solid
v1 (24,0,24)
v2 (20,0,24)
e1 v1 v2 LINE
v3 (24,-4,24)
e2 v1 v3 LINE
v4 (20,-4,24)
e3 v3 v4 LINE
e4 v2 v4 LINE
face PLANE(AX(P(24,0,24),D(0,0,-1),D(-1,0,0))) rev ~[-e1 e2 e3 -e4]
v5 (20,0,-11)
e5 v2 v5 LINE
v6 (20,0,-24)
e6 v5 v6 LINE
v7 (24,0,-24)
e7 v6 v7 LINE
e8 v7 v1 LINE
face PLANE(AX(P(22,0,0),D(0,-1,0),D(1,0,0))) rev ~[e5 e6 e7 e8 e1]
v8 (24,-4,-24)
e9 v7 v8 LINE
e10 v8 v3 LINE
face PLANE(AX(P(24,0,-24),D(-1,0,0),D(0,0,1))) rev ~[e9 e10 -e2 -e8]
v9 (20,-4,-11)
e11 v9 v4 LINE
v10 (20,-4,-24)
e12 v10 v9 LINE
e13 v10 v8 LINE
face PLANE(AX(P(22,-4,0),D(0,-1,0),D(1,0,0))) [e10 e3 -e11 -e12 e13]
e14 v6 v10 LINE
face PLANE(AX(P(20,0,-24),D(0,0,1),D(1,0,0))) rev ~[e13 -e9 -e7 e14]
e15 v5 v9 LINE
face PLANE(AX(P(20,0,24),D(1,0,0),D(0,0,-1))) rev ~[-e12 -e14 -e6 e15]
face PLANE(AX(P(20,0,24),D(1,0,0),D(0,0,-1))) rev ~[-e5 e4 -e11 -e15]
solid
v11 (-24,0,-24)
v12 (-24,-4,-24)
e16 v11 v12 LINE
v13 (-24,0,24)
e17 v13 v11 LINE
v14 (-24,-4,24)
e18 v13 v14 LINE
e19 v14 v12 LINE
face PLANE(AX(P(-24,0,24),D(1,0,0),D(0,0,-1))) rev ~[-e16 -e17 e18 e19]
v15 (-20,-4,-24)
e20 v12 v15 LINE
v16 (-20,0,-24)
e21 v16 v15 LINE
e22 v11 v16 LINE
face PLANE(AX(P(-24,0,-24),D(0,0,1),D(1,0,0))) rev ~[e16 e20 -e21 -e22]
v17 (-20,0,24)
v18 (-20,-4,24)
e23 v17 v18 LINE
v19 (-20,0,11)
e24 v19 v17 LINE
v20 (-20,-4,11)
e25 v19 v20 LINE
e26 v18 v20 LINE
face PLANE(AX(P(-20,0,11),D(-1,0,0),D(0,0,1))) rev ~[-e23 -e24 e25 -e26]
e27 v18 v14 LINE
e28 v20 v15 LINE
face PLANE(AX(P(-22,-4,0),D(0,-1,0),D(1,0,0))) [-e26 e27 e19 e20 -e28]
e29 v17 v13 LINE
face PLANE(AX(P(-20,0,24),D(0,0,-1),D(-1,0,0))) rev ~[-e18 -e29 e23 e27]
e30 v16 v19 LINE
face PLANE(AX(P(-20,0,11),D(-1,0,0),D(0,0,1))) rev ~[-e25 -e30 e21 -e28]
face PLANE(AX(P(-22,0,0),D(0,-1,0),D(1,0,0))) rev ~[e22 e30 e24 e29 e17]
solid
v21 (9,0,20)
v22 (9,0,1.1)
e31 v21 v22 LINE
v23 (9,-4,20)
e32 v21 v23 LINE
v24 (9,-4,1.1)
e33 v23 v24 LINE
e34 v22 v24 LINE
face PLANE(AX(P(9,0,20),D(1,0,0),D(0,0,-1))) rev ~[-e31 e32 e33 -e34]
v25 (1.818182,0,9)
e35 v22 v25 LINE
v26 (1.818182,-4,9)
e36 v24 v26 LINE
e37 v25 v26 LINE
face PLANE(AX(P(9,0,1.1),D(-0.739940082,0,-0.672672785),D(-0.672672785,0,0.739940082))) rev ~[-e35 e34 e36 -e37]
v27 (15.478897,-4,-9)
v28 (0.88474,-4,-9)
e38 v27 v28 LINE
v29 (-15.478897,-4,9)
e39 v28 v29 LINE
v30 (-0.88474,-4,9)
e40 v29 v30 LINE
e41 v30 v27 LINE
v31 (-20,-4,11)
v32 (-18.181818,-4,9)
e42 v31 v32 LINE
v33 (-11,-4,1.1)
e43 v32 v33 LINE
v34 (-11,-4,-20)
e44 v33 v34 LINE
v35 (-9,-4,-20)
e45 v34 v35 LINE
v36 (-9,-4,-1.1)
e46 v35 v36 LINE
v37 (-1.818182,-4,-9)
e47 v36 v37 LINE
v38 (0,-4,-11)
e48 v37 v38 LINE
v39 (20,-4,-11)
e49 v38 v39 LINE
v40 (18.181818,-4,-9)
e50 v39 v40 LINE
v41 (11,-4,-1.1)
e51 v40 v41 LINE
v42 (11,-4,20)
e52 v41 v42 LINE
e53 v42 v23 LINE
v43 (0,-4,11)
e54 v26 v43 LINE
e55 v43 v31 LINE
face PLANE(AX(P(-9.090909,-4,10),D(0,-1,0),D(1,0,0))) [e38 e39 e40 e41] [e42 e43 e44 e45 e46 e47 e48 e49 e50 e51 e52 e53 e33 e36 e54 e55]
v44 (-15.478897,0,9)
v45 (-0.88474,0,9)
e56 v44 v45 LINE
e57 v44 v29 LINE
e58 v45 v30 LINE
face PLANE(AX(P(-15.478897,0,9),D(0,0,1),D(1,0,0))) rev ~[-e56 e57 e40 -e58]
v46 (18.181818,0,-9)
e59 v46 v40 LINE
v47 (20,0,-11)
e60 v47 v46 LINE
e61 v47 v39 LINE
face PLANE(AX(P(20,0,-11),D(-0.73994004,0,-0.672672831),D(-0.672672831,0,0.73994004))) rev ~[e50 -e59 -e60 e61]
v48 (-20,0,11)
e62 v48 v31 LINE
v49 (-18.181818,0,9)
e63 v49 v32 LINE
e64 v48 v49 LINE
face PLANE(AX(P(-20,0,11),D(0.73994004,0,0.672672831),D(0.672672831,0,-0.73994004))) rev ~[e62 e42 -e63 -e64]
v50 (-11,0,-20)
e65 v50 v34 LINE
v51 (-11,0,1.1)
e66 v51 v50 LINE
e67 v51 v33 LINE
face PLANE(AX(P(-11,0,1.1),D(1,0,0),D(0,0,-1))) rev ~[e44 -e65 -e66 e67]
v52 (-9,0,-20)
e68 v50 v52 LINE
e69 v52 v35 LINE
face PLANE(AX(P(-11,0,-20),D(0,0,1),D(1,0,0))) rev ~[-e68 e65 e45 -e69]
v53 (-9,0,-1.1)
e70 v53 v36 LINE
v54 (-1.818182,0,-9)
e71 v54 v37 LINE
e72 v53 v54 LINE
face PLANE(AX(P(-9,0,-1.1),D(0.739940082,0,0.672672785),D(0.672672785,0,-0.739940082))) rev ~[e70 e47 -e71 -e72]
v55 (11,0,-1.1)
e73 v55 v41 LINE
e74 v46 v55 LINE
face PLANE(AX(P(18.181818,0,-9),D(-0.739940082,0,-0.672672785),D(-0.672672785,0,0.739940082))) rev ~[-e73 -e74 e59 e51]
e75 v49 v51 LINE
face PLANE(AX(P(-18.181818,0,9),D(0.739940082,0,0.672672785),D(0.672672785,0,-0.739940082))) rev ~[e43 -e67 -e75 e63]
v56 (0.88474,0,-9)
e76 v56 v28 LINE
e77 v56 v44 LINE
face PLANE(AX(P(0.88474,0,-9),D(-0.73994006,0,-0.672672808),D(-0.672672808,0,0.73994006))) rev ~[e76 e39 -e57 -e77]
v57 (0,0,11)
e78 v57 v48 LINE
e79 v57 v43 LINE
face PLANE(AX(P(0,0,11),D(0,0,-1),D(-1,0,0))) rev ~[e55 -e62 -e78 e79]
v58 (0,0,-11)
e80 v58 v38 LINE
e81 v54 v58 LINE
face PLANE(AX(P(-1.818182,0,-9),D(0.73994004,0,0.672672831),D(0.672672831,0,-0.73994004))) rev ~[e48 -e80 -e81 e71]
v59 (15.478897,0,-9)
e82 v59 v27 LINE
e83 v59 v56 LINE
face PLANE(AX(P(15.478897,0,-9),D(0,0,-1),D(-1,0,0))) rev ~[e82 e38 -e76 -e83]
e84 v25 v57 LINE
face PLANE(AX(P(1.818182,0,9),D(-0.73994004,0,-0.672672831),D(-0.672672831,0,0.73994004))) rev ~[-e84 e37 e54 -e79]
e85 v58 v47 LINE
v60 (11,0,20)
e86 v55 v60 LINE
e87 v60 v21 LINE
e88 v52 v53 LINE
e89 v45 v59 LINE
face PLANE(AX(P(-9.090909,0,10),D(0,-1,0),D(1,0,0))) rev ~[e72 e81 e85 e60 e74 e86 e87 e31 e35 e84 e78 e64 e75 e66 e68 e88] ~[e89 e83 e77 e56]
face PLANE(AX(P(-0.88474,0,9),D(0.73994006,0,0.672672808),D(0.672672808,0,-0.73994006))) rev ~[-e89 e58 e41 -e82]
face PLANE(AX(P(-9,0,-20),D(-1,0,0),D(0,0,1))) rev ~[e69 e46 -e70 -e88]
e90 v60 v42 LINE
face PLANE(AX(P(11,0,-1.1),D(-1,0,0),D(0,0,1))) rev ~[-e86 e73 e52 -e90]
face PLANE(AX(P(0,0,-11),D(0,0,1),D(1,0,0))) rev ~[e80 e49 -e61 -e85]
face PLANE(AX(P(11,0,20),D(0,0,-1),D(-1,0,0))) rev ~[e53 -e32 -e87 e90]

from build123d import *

# Parameters (mm, degrees)
F1_DEPTH = 4


with BuildPart() as f1:
    # F0 (on Front) → F1 (new body)
    with BuildSketch(Plane.XZ):
        Polygon((0, 11), (-20, 11), (-18.181818, 9), (-15.478897, 9), (-0.88474, 9), (1.818182, 9), align=None)
        Polygon((-15.478897, 9), (-18.181818, 9), (-11, 1.1), (-9, -1.1), (-1.818182, -9), (0.88474, -9), align=None)
        Polygon((9, 1.1), (1.818182, 9), (-0.88474, 9), (15.478897, -9), (18.181818, -9), (11, -1.1), align=None)
        Polygon((15.478897, -9), (0.88474, -9), (-1.818182, -9), (0, -11), (20, -11), (18.181818, -9), align=None)
        Polygon((11, 20), (9, 20), (9, 1.1), (11, -1.1), align=None)
        Polygon((-9, -1.1), (-11, 1.1), (-11, -20), (-9, -20), align=None)
        Polygon((-20, 9), (-20, 11), (-20, 20), (-20, 24), (-24, 24), (-24, -24), (-20, -24), (-20, -20), align=None)
        Polygon((24, 24), (20, 24), (20, 20), (20, -9), (20, -11), (20, -20), (20, -24), (24, -24), align=None)
    extrude(amount=F1_DEPTH)


solid = f1.part
